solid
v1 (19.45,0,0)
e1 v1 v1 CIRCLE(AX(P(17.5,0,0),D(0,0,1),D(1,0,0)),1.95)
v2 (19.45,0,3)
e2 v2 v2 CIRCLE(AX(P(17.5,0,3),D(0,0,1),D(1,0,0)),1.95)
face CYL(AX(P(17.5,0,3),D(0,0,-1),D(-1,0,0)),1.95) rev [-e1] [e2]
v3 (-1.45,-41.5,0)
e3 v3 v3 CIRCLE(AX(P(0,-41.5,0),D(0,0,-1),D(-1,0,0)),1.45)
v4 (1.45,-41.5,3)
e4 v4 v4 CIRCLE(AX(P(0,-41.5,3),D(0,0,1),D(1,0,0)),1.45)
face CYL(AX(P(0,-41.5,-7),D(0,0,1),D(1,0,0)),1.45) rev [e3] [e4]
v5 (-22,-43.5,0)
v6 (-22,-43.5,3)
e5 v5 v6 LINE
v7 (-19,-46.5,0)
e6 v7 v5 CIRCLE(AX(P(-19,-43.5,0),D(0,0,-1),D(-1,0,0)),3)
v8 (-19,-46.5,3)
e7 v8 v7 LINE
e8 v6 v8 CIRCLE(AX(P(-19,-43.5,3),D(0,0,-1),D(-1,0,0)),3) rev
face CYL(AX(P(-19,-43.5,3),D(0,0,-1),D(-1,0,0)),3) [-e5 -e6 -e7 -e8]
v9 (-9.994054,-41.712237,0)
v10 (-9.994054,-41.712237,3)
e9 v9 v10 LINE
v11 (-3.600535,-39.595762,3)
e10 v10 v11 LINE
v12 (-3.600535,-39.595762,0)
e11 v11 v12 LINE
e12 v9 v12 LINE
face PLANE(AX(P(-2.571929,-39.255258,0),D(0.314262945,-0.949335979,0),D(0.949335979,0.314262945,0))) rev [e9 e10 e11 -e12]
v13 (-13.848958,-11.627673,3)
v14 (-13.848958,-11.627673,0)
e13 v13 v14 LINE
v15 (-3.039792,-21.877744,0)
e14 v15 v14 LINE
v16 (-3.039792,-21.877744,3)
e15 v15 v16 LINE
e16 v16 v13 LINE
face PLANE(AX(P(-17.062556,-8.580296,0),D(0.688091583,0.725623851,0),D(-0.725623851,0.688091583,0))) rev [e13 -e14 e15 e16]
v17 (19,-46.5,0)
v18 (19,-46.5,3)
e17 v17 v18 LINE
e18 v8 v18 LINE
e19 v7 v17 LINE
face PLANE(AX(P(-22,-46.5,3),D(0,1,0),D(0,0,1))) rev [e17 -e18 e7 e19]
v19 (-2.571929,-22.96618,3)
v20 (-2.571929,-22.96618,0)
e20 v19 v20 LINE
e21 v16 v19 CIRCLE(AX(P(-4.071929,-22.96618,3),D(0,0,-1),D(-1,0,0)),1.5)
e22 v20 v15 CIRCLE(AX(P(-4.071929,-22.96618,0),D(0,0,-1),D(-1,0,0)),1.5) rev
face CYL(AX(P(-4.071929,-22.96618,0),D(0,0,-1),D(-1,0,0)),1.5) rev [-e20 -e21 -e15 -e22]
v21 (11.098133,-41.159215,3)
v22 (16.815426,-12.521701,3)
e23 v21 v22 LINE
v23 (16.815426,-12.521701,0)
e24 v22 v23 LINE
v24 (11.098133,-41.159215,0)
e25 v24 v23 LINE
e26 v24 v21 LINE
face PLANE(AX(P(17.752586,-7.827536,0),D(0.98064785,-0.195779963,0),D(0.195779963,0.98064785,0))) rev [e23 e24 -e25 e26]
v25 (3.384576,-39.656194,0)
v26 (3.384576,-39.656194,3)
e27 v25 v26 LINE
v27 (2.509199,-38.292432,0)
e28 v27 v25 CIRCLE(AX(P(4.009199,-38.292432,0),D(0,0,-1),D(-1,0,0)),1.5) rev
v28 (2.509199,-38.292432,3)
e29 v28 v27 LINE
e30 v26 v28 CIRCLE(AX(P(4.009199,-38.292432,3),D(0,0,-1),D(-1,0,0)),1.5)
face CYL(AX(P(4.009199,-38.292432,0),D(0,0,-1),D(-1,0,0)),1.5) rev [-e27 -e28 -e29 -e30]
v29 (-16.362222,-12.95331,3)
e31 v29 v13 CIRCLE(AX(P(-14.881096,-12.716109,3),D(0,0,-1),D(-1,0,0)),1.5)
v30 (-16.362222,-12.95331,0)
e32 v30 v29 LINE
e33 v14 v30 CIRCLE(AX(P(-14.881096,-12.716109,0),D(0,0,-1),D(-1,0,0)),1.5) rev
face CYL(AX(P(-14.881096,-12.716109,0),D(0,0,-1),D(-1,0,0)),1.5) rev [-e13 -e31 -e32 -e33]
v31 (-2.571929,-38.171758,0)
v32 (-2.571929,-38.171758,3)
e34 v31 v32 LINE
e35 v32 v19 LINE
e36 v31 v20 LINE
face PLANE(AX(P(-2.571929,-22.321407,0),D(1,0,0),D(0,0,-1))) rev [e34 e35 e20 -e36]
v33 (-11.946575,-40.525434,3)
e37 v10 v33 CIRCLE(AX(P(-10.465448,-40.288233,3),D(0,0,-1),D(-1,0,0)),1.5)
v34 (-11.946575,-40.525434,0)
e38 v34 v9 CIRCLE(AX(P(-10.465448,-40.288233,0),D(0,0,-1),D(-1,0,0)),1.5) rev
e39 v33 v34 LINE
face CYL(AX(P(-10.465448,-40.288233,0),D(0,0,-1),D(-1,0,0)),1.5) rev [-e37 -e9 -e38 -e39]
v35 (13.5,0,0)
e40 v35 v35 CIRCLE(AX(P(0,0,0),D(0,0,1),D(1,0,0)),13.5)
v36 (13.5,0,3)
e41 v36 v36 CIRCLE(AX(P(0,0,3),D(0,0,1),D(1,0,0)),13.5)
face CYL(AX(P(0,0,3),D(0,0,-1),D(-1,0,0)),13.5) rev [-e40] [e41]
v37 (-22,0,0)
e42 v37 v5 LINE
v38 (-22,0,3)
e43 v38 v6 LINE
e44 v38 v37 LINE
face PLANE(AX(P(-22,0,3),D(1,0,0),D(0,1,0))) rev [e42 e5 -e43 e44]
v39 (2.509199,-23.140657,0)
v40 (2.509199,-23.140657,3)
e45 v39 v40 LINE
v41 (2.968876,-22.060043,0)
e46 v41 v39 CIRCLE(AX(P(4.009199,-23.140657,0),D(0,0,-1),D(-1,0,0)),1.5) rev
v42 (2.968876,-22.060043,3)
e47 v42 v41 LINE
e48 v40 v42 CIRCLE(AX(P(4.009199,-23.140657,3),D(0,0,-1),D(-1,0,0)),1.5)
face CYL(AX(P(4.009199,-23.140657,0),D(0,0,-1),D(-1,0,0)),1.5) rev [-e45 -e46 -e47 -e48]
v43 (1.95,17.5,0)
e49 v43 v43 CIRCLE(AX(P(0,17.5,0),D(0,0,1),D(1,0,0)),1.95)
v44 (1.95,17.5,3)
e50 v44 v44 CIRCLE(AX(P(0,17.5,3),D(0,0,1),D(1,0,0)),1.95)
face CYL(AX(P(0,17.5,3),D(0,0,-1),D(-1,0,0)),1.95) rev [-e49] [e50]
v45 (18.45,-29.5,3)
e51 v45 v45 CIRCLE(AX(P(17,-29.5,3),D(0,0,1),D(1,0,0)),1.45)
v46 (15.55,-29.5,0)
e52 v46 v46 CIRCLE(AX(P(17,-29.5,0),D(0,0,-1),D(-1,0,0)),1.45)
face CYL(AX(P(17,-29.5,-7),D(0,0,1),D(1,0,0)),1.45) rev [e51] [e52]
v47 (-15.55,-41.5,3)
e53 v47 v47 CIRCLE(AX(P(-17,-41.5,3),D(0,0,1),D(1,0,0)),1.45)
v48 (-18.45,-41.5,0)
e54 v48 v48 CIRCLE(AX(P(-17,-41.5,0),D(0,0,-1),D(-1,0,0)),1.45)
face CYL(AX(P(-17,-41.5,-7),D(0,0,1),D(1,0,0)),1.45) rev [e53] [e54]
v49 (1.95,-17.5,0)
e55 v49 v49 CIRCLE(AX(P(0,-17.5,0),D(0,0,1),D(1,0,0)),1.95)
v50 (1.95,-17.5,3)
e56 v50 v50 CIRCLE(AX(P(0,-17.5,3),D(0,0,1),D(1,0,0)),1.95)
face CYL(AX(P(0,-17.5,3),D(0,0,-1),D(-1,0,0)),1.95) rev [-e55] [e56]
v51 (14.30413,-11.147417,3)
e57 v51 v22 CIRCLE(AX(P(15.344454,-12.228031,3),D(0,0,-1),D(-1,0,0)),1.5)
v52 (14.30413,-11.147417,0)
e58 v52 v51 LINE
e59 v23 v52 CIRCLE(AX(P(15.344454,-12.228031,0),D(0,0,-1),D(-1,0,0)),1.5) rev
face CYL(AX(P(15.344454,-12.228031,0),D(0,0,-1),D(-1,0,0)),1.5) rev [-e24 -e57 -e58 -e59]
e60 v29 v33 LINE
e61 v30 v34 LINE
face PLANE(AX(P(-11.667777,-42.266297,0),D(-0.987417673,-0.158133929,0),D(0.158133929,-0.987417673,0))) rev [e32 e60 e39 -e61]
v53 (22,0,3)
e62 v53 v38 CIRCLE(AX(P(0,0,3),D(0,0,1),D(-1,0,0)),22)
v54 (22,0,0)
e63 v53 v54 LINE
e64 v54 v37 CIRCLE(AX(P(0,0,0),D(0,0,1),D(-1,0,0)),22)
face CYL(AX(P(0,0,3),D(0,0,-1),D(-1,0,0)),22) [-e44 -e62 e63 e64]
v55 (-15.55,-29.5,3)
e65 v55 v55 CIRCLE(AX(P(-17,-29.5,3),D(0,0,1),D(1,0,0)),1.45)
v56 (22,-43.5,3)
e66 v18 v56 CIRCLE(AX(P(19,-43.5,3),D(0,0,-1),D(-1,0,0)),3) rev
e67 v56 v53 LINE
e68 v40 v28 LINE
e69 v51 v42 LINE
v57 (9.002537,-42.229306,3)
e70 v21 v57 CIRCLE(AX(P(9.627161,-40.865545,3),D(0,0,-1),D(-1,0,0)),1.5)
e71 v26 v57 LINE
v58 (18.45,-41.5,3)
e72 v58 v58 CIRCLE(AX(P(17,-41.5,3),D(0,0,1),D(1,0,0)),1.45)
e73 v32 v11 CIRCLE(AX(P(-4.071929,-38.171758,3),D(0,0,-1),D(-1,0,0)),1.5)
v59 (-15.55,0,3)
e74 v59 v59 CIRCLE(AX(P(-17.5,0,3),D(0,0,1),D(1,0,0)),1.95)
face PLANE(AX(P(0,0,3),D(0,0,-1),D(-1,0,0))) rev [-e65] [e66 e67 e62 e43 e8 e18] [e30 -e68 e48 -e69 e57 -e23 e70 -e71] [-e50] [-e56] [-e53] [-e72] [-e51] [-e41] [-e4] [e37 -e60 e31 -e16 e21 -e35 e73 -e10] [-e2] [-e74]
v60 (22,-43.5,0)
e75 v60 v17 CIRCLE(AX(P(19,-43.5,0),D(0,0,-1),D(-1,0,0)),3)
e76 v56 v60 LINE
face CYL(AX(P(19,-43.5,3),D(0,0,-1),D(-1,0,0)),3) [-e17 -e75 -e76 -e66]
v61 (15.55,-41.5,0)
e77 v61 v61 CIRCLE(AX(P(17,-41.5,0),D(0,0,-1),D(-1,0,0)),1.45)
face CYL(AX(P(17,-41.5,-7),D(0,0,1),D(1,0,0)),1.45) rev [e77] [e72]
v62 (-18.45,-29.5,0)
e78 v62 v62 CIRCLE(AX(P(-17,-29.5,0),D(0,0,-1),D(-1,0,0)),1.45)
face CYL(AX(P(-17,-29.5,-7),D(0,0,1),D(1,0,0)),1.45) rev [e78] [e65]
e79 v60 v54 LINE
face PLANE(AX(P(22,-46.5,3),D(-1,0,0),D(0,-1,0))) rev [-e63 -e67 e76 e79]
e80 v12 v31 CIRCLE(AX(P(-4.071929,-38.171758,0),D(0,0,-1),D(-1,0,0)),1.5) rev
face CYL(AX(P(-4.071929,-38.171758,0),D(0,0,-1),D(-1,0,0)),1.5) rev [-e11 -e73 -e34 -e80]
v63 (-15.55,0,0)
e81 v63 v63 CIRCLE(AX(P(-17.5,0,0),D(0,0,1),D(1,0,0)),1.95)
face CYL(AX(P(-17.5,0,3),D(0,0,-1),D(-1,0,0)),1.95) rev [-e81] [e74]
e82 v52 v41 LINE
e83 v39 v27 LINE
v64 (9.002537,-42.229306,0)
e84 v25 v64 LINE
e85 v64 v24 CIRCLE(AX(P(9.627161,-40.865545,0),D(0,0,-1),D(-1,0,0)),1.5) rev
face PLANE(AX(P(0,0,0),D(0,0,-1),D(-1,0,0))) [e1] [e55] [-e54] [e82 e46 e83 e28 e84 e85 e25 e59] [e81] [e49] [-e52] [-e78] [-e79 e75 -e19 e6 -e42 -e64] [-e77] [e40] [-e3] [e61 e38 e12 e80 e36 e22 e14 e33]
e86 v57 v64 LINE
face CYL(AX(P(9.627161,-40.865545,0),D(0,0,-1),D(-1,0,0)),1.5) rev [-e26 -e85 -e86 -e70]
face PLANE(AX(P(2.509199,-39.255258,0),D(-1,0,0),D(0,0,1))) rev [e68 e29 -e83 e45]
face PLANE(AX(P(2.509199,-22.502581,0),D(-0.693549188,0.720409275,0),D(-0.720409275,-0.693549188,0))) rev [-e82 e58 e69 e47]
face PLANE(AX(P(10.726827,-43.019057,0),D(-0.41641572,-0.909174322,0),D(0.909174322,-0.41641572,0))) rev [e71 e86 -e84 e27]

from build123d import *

# Parameters (mm, degrees)
SKETCH_1_R          = 13.5
SKETCH_1_R_2        = 1.95
EXTRUDE_1_DEPTH     = 3
SKETCH_2_R          = 1.45
CUT_EXTRUDE_1_DEPTH = 10
FILLET_1_R          = 3
CUT_EXTRUDE_2_DEPTH = 52.529117982
FILLET_2_R          = 1.5


with BuildPart() as part:
    # 草图1 → 凸台-拉伸1 (new body)
    with BuildSketch(Plane.XY):
        with BuildLine():
            Line((-22, 0), (-22, -46.5))
            Line((-22, -46.5), (22, -46.5))
            Line((22, -46.5), (22, 0))
            ThreePointArc((22, 0), (0, 22), (-22, 0))
        make_face()
        Circle(SKETCH_1_R, mode=Mode.SUBTRACT)
        with Locations((0, 17.5)):
            Circle(SKETCH_1_R_2, mode=Mode.SUBTRACT)
        with Locations((17.5, 0)):
            Circle(SKETCH_1_R_2, mode=Mode.SUBTRACT)
        with Locations((-17.5, 0)):
            Circle(SKETCH_1_R_2, mode=Mode.SUBTRACT)
        with Locations((0, -17.5)):
            Circle(SKETCH_1_R_2, mode=Mode.SUBTRACT)
    extrude(amount=EXTRUDE_1_DEPTH)

    # 草图2 → 切除-拉伸1 (cut)
    with BuildSketch(Plane.XY.offset(3)):
        with Locations((0, -41.5)):
            Circle(SKETCH_2_R)
        with Locations((17, -41.5)):
            Circle(SKETCH_2_R)
        with Locations((-17, -41.5)):
            Circle(SKETCH_2_R)
        with Locations((-17, -29.5)):
            Circle(SKETCH_2_R)
        with Locations((17, -29.5)):
            Circle(SKETCH_2_R)
    extrude(amount=-CUT_EXTRUDE_1_DEPTH, mode=Mode.SUBTRACT)

    # 圆角1
    fillet_1_edges = [part.edges().sort_by_distance(p)[0] for p in [
        (22, -46.5, 1.5),
        (-22, -46.5, 1.5),
    ]]
    fillet(fillet_1_edges, radius=FILLET_1_R)

    # 草图3 → 切除-拉伸2 (cut, through all)
    with BuildSketch(Plane.XY.offset(3)):
        Polygon((17.752585541, -7.827536111), (10.726827306, -43.019057271), (2.50919937, -39.255258217), (2.50919937, -22.502580513), align=None)
        Polygon((-17.062555714, -8.580295922), (-2.571929354, -22.321407125), (-2.571929354, -39.255258217), (-11.667777069, -42.266297461), align=None)
    extrude(amount=-CUT_EXTRUDE_2_DEPTH, mode=Mode.SUBTRACT)

    # 圆角2
    fillet_2_edges = [part.edges().sort_by_distance(p)[0] for p in [
        (2.50919937, -22.502580513, 1.5),
        (17.752585541, -7.827536111, 1.5),
        (10.726827306, -43.019057271, 1.5),
        (2.50919937, -39.255258217, 1.5),
        (-11.667777069, -42.266297461, 1.5),
        (-17.062555714, -8.580295922, 1.5),
        (-2.571929354, -22.321407125, 1.5),
        (-2.571929354, -39.255258217, 1.5),
    ]]
    fillet(fillet_2_edges, radius=FILLET_2_R)


solid = part.part
